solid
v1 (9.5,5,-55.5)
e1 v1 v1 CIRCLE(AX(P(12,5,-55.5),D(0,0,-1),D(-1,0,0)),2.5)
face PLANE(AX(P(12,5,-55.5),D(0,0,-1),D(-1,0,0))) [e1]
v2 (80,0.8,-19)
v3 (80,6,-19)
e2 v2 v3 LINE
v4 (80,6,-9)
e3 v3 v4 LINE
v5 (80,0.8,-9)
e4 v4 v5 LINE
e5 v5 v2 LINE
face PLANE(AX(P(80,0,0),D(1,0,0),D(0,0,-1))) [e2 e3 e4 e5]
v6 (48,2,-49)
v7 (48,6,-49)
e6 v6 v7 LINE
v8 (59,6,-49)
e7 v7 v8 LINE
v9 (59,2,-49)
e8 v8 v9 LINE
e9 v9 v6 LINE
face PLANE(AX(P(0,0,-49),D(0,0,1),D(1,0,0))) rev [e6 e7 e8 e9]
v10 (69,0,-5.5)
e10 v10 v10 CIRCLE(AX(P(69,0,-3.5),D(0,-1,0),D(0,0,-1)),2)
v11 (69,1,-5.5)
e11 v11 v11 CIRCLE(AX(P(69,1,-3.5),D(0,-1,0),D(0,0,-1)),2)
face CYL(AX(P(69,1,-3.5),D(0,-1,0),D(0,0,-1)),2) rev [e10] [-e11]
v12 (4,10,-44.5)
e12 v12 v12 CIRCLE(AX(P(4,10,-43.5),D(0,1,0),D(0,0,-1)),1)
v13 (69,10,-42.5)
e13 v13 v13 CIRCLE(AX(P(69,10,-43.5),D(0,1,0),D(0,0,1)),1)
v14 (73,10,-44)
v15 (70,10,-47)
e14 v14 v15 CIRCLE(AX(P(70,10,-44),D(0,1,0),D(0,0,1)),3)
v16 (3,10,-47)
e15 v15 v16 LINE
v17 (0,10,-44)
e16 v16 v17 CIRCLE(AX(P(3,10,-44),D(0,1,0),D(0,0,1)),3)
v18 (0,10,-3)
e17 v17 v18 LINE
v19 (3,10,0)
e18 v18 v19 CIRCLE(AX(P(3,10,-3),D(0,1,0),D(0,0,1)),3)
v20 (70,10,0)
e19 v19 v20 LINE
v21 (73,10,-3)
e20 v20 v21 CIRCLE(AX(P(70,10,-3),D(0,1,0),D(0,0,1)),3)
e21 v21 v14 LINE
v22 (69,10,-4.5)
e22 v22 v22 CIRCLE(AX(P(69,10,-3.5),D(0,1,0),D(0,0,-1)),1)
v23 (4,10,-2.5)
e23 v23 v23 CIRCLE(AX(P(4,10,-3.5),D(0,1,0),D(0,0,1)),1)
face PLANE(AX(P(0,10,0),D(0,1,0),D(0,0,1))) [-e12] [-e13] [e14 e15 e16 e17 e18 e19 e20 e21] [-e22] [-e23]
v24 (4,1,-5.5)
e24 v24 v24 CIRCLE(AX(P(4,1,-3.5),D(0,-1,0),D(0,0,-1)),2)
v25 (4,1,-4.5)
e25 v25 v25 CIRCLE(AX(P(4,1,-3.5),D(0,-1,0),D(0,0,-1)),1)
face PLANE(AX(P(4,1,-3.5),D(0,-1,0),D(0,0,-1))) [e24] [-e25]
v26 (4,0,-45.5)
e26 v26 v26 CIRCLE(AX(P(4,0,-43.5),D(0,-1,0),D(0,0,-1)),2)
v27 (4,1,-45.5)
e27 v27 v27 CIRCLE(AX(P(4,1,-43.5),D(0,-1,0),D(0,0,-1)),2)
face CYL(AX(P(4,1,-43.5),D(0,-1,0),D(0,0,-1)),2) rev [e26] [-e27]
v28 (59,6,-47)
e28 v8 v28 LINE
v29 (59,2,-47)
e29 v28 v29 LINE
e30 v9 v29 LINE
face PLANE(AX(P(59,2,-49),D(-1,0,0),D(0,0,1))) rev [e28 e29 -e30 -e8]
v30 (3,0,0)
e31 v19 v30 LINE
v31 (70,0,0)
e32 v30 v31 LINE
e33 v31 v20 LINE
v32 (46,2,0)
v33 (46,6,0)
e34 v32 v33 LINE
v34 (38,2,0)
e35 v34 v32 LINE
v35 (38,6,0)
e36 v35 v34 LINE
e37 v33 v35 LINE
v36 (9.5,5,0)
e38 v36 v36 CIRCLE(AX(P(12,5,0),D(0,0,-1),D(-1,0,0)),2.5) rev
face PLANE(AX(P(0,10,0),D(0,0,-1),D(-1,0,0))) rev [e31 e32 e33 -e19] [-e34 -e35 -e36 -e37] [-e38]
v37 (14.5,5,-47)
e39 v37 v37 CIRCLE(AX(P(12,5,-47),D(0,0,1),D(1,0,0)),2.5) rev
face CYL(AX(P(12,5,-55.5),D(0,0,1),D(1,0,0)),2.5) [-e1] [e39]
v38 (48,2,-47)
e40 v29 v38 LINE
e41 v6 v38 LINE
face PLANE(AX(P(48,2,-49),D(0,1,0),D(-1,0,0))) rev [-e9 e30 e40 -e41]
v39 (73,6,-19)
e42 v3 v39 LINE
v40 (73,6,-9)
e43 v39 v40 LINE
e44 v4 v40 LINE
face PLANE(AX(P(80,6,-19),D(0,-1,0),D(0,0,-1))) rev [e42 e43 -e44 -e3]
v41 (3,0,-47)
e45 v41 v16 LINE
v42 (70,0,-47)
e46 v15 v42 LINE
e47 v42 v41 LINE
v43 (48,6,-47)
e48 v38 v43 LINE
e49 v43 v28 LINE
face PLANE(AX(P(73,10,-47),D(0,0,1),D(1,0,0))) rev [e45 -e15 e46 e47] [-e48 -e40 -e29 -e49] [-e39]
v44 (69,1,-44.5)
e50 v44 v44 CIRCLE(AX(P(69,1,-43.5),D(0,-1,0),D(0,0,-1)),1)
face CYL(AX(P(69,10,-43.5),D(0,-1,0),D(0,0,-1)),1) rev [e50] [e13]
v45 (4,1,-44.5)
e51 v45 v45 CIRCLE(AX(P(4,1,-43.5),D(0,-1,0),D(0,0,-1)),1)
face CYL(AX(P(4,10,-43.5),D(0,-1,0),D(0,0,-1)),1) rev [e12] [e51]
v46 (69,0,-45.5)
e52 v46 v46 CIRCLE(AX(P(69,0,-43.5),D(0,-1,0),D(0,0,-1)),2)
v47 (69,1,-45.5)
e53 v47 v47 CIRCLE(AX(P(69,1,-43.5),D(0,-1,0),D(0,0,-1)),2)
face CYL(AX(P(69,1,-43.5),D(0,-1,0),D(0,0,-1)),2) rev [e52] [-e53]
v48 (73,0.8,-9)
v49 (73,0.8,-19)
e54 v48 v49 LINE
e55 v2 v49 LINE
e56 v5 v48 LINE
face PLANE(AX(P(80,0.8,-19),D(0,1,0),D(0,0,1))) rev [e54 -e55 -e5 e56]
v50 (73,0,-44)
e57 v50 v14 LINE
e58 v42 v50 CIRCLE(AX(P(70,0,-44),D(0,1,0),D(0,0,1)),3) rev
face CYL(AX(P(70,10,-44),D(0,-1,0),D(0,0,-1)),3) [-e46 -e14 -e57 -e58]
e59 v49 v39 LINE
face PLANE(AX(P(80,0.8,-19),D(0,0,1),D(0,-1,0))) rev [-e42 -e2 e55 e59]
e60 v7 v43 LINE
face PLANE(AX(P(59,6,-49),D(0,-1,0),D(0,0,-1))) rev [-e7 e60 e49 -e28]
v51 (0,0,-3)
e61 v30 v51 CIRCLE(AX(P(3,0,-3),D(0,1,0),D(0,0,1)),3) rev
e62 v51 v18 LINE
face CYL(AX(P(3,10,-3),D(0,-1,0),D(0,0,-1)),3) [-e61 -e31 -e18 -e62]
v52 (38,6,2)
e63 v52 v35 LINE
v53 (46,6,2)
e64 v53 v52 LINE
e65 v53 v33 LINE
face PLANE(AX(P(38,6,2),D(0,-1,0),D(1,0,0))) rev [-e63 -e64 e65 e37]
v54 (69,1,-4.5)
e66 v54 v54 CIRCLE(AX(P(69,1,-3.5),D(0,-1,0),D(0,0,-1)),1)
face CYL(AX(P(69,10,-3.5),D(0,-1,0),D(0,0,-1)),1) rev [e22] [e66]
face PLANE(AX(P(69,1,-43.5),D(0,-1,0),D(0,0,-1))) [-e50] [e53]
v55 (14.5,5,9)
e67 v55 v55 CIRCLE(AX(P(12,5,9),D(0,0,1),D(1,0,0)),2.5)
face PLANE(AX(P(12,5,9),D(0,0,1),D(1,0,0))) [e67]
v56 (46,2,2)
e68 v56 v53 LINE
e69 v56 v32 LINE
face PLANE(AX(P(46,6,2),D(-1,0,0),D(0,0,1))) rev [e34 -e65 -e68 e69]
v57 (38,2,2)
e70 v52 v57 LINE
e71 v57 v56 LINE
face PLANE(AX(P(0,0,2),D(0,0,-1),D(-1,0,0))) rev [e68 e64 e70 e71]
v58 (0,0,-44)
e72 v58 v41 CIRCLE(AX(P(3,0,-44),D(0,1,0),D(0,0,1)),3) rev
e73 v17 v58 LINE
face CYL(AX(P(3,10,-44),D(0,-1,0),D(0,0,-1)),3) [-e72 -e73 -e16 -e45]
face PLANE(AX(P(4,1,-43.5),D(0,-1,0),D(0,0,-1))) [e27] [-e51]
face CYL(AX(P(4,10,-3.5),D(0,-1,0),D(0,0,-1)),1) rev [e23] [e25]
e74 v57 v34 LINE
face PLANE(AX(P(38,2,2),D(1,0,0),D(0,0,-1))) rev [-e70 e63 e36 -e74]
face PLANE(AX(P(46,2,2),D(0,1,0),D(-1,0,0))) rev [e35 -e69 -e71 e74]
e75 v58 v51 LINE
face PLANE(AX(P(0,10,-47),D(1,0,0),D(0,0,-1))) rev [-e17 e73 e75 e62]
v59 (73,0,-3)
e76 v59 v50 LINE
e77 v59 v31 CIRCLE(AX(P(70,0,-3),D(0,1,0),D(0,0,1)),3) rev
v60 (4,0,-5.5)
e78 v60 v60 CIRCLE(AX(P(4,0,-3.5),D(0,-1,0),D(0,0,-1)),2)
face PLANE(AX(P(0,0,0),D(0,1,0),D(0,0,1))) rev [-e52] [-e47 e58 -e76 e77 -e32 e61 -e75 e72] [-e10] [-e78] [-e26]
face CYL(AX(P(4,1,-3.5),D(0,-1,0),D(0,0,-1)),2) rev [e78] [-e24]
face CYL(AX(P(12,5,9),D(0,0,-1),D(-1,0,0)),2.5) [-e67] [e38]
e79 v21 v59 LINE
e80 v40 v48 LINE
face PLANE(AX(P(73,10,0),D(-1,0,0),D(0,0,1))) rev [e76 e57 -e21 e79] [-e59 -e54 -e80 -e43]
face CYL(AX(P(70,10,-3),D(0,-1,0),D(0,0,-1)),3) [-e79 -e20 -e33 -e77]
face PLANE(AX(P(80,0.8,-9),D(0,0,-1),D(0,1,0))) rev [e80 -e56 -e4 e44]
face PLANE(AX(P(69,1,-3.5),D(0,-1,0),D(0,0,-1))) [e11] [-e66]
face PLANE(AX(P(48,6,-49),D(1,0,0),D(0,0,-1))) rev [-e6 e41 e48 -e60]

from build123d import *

# Parameters (mm, degrees)
SKETCH_1_W          = 73
SKETCH_1_H          = 47
SKETCH_1_R          = 1
EXTRUDE_1_DEPTH     = 10
FILLET_1_R          = 3
SKETCH_3_R          = 2
CUT_EXTRUDE_1_DEPTH = 1
SKETCH_2_R          = 2.5
EXTRUDE_2_DEPTH     = 8.5
EXTRUDE_START       = 9
SKETCH_5_R          = 2.5
EXTRUDE_3_DEPTH     = 9
SKETCH_6_W          = 8
SKETCH_6_H          = 4
LAN_DEPTH           = 2
SKETCH_7_W          = 11
SKETCH_7_H          = 4
COM_DEPTH           = 2
SKETCH_8_W          = 10
SKETCH_8_H          = 5.2
XT30_DEPTH          = 7


with BuildPart() as part:
    # 草图1 → 凸台-拉伸1 (new body)
    with BuildSketch(Plane(origin=(0, 0, 0), x_dir=(1, 0, 0), z_dir=(0, 1, 0))):
        with Locations((36.5, 23.5)):
            Rectangle(SKETCH_1_W, SKETCH_1_H)
        with Locations(Location((4, 3.5, 0), (0, 0, 270))):
            Circle(SKETCH_1_R, mode=Mode.SUBTRACT)
        with Locations(Location((4, 43.5, 0), (0, 0, 90))):
            Circle(SKETCH_1_R, mode=Mode.SUBTRACT)
        with Locations(Location((69, 3.5, 0), (0, 0, 90))):
            Circle(SKETCH_1_R, mode=Mode.SUBTRACT)
        with Locations(Location((69, 43.5, 0), (0, 0, 270))):
            Circle(SKETCH_1_R, mode=Mode.SUBTRACT)
    extrude(amount=EXTRUDE_1_DEPTH)

    # 圆角1
    fillet_1_edges = [part.edges().sort_by_distance(p)[0] for p in [
        (0, 5, -47),
        (73, 5, -47),
        (73, 5, 0),
        (0, 5, 0),
    ]]
    fillet(fillet_1_edges, radius=FILLET_1_R)

    # 草图3 → 切除-拉伸1 (cut)
    with BuildSketch(Plane.XZ):
        with Locations(Location((4, -43.5, 0), (0, 0, 270))):
            Circle(SKETCH_3_R)
        with Locations(Location((4, -3.5, 0), (0, 0, 270))):
            Circle(SKETCH_3_R)
        with Locations(Location((69, -3.5, 0), (0, 0, 270))):
            Circle(SKETCH_3_R)
        with Locations(Location((69, -43.5, 0), (0, 0, 270))):
            Circle(SKETCH_3_R)
    extrude(amount=-CUT_EXTRUDE_1_DEPTH, mode=Mode.SUBTRACT)

    # 草图2 → 凸台-拉伸2 (add)
    with BuildSketch(Plane(origin=(0, 0, -47), x_dir=(-1, 0, 0), z_dir=(0, 0, -1))):
        with Locations(Location((-12, 5, 0), (0, 0, 180))):
            Circle(SKETCH_2_R)
    extrude(amount=EXTRUDE_2_DEPTH)

    # 草图5 → 凸台-拉伸3 (add)
    with BuildSketch(Plane.XY.offset(EXTRUDE_START)):
        with Locations((12, 5)):
            Circle(SKETCH_5_R)
    extrude(amount=-EXTRUDE_3_DEPTH)

    # 草图6 → LAN口预留 (add)
    with BuildSketch(Plane.XY):
        with Locations((42, 4)):
            Rectangle(SKETCH_6_W, SKETCH_6_H)
    extrude(amount=LAN_DEPTH)

    # 草图7 → COM口预留 (add)
    with BuildSketch(Plane(origin=(0, 0, -47), x_dir=(-1, 0, 0), z_dir=(0, 0, -1))):
        with Locations((-53.5, 4)):
            Rectangle(SKETCH_7_W, SKETCH_7_H)
    extrude(amount=COM_DEPTH)

    # 草图8 → XT30预留 (add)
    with BuildSketch(Plane(origin=(73, 0, 0), x_dir=(0, 0, -1), z_dir=(1, 0, 0))):
        with Locations((14, 3.4)):
            Rectangle(SKETCH_8_W, SKETCH_8_H)
    extrude(amount=XT30_DEPTH)


solid = part.part
